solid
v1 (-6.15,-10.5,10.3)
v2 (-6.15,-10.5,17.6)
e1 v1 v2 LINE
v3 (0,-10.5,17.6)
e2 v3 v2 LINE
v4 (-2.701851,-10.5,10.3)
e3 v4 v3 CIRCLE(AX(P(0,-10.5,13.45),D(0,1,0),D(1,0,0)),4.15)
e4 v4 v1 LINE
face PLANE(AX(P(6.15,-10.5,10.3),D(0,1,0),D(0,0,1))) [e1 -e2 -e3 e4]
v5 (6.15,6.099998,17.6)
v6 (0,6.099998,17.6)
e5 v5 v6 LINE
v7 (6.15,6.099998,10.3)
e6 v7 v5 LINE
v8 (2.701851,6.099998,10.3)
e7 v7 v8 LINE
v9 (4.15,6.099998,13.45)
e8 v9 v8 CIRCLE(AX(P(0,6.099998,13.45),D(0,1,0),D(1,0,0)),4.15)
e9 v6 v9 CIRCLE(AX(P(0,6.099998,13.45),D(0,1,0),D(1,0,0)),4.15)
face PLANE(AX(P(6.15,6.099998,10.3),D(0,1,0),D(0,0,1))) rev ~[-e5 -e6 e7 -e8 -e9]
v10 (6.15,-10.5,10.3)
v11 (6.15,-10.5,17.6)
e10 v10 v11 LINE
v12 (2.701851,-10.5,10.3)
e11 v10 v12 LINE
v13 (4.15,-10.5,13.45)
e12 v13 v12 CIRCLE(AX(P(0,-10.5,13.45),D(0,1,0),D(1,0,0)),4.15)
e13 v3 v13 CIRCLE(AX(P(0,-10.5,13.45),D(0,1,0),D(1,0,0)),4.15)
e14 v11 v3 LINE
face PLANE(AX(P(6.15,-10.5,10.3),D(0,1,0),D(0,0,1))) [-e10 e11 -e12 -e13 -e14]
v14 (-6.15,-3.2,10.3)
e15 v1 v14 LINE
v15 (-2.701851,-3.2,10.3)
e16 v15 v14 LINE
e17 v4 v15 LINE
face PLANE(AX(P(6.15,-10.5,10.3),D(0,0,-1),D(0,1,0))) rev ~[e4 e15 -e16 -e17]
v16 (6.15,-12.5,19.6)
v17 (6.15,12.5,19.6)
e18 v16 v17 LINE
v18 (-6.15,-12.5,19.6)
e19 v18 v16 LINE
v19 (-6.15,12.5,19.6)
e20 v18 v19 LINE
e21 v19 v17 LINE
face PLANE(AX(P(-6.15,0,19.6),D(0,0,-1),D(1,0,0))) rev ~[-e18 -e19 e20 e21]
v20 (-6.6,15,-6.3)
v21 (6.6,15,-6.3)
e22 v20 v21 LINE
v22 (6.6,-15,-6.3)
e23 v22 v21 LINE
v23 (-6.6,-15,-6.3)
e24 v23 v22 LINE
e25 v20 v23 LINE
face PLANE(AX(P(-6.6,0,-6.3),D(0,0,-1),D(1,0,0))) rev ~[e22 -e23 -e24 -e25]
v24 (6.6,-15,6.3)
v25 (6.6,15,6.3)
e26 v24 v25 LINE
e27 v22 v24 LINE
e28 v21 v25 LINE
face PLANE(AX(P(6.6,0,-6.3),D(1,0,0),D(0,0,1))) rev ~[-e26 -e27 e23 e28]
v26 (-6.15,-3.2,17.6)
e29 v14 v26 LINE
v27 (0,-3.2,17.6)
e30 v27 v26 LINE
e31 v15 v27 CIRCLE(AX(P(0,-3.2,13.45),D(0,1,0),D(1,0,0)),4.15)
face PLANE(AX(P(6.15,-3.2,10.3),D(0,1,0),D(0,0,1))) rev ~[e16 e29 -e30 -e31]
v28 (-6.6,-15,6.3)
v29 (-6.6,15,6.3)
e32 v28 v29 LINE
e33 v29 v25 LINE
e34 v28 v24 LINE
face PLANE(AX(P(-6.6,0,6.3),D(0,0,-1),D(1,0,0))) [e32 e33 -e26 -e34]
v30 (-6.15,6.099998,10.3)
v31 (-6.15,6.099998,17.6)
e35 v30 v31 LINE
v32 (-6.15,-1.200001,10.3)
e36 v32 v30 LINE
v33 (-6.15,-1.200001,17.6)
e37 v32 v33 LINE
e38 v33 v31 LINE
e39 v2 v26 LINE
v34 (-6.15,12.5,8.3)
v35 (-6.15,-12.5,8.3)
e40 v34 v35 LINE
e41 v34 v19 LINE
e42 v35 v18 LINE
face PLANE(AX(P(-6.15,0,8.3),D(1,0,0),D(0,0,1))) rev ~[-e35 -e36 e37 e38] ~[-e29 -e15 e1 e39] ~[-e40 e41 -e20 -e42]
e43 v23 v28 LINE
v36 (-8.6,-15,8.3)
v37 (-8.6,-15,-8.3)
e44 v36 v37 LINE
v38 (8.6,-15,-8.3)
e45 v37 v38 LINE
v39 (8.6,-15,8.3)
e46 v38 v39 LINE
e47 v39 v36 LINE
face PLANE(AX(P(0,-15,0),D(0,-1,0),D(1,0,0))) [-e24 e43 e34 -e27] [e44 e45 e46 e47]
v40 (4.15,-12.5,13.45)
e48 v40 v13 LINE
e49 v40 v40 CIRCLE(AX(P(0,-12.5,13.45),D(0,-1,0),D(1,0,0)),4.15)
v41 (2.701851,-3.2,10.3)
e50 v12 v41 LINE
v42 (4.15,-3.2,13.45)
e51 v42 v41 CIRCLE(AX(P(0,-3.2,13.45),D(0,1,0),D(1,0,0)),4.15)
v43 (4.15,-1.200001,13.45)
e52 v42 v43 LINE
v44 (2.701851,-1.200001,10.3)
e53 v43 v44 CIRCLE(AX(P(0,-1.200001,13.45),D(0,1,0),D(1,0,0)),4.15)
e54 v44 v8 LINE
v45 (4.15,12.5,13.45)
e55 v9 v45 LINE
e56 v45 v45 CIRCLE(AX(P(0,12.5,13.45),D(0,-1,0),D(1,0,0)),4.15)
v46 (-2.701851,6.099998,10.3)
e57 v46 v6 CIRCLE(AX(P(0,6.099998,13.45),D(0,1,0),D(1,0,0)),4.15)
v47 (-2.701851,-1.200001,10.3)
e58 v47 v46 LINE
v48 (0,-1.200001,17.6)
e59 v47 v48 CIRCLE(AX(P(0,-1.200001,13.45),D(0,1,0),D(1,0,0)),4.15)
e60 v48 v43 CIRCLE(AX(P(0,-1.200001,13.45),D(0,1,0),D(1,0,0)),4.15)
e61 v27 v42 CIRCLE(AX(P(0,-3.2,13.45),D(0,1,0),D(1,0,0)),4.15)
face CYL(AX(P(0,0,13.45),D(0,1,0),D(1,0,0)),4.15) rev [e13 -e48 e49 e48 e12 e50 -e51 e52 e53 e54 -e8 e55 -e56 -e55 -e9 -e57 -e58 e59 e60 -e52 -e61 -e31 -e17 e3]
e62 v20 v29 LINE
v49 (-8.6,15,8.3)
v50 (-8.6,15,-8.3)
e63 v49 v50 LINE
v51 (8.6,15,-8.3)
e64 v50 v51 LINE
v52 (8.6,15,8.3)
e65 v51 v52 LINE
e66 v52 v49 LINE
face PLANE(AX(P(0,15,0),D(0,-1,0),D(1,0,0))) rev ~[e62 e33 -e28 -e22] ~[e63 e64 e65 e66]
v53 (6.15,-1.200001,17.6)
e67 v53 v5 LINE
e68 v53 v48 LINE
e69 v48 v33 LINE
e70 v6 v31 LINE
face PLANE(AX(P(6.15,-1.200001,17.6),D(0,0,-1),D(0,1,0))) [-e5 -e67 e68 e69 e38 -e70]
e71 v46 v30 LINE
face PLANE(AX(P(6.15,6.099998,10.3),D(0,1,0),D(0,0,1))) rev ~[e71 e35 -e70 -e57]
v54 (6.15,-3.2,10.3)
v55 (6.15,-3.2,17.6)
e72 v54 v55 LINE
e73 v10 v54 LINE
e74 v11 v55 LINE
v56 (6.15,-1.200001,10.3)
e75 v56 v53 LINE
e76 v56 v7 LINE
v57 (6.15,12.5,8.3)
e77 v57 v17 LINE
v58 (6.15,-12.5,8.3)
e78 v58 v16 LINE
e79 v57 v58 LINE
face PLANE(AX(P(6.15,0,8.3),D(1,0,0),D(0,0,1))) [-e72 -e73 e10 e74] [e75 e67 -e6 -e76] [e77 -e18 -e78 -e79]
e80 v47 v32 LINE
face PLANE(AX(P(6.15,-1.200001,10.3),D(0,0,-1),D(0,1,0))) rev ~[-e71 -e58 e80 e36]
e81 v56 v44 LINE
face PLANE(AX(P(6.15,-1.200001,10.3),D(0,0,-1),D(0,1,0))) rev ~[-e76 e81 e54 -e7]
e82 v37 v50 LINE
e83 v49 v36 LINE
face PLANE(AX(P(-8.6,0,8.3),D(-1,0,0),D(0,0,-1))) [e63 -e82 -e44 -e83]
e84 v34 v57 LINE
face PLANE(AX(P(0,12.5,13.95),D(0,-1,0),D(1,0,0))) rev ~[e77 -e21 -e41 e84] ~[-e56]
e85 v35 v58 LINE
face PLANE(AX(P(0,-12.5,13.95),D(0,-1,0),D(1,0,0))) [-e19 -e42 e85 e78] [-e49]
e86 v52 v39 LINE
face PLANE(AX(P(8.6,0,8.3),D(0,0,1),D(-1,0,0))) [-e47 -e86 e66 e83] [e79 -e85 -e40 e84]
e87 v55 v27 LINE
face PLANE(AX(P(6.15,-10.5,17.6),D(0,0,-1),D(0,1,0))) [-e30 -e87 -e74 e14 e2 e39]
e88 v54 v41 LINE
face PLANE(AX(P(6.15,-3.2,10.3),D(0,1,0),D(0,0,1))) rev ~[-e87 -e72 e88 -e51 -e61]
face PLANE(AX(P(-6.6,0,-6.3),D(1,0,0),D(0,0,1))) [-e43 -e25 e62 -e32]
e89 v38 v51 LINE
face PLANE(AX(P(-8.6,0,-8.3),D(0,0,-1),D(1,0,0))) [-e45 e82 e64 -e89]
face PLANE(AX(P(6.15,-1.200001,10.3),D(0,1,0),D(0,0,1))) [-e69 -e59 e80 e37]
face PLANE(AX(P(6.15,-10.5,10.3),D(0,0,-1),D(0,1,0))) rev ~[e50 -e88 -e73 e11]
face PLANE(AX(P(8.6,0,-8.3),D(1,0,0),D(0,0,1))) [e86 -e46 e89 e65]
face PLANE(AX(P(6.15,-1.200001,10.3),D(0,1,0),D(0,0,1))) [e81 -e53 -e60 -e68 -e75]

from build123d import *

# Parameters (mm, degrees)
F0_W     = 13.2
F0_H     = 12.6
F1_DEPTH = 15
F0_W_2   = 12.3
F0_H_2   = 11.3
F0_R     = 4.15
F2_DEPTH = 12.5
F3_W     = 7.3
F3_H     = 7.3
F3_W_2   = 7.299999
F4_DEPTH = 25


with BuildPart() as f1:
    # F0 (on Front) → F1 (new body, symmetric)
    with BuildSketch(Plane.XZ):
        Polygon((8.6, -8.3), (8.6, 8.3), (6.15, 8.3), (-6.15, 8.3), (-8.6, 8.3), (-8.6, -8.3), align=None)
        Rectangle(F0_W, F0_H, mode=Mode.SUBTRACT)
    extrude(amount=F1_DEPTH, both=True)

    # F0 (on Front) → F2 (join, symmetric)
    with BuildSketch(Plane.XZ):
        with Locations((0, 13.95)):
            Rectangle(F0_W_2, F0_H_2)
        with Locations((0, 13.45)):
            Circle(F0_R, mode=Mode.SUBTRACT)
    extrude(amount=F2_DEPTH, both=True)

    # F3 (on face) → F4 (cut)
    with BuildSketch(Plane.YZ.offset(6.15)):
        with Locations((-6.85, 13.95)):
            Rectangle(F3_W, F3_H)
        with Locations((2.449999, 13.95)):
            Rectangle(F3_W_2, F3_H)
    extrude(amount=-F4_DEPTH, mode=Mode.SUBTRACT)


solid = f1.part
